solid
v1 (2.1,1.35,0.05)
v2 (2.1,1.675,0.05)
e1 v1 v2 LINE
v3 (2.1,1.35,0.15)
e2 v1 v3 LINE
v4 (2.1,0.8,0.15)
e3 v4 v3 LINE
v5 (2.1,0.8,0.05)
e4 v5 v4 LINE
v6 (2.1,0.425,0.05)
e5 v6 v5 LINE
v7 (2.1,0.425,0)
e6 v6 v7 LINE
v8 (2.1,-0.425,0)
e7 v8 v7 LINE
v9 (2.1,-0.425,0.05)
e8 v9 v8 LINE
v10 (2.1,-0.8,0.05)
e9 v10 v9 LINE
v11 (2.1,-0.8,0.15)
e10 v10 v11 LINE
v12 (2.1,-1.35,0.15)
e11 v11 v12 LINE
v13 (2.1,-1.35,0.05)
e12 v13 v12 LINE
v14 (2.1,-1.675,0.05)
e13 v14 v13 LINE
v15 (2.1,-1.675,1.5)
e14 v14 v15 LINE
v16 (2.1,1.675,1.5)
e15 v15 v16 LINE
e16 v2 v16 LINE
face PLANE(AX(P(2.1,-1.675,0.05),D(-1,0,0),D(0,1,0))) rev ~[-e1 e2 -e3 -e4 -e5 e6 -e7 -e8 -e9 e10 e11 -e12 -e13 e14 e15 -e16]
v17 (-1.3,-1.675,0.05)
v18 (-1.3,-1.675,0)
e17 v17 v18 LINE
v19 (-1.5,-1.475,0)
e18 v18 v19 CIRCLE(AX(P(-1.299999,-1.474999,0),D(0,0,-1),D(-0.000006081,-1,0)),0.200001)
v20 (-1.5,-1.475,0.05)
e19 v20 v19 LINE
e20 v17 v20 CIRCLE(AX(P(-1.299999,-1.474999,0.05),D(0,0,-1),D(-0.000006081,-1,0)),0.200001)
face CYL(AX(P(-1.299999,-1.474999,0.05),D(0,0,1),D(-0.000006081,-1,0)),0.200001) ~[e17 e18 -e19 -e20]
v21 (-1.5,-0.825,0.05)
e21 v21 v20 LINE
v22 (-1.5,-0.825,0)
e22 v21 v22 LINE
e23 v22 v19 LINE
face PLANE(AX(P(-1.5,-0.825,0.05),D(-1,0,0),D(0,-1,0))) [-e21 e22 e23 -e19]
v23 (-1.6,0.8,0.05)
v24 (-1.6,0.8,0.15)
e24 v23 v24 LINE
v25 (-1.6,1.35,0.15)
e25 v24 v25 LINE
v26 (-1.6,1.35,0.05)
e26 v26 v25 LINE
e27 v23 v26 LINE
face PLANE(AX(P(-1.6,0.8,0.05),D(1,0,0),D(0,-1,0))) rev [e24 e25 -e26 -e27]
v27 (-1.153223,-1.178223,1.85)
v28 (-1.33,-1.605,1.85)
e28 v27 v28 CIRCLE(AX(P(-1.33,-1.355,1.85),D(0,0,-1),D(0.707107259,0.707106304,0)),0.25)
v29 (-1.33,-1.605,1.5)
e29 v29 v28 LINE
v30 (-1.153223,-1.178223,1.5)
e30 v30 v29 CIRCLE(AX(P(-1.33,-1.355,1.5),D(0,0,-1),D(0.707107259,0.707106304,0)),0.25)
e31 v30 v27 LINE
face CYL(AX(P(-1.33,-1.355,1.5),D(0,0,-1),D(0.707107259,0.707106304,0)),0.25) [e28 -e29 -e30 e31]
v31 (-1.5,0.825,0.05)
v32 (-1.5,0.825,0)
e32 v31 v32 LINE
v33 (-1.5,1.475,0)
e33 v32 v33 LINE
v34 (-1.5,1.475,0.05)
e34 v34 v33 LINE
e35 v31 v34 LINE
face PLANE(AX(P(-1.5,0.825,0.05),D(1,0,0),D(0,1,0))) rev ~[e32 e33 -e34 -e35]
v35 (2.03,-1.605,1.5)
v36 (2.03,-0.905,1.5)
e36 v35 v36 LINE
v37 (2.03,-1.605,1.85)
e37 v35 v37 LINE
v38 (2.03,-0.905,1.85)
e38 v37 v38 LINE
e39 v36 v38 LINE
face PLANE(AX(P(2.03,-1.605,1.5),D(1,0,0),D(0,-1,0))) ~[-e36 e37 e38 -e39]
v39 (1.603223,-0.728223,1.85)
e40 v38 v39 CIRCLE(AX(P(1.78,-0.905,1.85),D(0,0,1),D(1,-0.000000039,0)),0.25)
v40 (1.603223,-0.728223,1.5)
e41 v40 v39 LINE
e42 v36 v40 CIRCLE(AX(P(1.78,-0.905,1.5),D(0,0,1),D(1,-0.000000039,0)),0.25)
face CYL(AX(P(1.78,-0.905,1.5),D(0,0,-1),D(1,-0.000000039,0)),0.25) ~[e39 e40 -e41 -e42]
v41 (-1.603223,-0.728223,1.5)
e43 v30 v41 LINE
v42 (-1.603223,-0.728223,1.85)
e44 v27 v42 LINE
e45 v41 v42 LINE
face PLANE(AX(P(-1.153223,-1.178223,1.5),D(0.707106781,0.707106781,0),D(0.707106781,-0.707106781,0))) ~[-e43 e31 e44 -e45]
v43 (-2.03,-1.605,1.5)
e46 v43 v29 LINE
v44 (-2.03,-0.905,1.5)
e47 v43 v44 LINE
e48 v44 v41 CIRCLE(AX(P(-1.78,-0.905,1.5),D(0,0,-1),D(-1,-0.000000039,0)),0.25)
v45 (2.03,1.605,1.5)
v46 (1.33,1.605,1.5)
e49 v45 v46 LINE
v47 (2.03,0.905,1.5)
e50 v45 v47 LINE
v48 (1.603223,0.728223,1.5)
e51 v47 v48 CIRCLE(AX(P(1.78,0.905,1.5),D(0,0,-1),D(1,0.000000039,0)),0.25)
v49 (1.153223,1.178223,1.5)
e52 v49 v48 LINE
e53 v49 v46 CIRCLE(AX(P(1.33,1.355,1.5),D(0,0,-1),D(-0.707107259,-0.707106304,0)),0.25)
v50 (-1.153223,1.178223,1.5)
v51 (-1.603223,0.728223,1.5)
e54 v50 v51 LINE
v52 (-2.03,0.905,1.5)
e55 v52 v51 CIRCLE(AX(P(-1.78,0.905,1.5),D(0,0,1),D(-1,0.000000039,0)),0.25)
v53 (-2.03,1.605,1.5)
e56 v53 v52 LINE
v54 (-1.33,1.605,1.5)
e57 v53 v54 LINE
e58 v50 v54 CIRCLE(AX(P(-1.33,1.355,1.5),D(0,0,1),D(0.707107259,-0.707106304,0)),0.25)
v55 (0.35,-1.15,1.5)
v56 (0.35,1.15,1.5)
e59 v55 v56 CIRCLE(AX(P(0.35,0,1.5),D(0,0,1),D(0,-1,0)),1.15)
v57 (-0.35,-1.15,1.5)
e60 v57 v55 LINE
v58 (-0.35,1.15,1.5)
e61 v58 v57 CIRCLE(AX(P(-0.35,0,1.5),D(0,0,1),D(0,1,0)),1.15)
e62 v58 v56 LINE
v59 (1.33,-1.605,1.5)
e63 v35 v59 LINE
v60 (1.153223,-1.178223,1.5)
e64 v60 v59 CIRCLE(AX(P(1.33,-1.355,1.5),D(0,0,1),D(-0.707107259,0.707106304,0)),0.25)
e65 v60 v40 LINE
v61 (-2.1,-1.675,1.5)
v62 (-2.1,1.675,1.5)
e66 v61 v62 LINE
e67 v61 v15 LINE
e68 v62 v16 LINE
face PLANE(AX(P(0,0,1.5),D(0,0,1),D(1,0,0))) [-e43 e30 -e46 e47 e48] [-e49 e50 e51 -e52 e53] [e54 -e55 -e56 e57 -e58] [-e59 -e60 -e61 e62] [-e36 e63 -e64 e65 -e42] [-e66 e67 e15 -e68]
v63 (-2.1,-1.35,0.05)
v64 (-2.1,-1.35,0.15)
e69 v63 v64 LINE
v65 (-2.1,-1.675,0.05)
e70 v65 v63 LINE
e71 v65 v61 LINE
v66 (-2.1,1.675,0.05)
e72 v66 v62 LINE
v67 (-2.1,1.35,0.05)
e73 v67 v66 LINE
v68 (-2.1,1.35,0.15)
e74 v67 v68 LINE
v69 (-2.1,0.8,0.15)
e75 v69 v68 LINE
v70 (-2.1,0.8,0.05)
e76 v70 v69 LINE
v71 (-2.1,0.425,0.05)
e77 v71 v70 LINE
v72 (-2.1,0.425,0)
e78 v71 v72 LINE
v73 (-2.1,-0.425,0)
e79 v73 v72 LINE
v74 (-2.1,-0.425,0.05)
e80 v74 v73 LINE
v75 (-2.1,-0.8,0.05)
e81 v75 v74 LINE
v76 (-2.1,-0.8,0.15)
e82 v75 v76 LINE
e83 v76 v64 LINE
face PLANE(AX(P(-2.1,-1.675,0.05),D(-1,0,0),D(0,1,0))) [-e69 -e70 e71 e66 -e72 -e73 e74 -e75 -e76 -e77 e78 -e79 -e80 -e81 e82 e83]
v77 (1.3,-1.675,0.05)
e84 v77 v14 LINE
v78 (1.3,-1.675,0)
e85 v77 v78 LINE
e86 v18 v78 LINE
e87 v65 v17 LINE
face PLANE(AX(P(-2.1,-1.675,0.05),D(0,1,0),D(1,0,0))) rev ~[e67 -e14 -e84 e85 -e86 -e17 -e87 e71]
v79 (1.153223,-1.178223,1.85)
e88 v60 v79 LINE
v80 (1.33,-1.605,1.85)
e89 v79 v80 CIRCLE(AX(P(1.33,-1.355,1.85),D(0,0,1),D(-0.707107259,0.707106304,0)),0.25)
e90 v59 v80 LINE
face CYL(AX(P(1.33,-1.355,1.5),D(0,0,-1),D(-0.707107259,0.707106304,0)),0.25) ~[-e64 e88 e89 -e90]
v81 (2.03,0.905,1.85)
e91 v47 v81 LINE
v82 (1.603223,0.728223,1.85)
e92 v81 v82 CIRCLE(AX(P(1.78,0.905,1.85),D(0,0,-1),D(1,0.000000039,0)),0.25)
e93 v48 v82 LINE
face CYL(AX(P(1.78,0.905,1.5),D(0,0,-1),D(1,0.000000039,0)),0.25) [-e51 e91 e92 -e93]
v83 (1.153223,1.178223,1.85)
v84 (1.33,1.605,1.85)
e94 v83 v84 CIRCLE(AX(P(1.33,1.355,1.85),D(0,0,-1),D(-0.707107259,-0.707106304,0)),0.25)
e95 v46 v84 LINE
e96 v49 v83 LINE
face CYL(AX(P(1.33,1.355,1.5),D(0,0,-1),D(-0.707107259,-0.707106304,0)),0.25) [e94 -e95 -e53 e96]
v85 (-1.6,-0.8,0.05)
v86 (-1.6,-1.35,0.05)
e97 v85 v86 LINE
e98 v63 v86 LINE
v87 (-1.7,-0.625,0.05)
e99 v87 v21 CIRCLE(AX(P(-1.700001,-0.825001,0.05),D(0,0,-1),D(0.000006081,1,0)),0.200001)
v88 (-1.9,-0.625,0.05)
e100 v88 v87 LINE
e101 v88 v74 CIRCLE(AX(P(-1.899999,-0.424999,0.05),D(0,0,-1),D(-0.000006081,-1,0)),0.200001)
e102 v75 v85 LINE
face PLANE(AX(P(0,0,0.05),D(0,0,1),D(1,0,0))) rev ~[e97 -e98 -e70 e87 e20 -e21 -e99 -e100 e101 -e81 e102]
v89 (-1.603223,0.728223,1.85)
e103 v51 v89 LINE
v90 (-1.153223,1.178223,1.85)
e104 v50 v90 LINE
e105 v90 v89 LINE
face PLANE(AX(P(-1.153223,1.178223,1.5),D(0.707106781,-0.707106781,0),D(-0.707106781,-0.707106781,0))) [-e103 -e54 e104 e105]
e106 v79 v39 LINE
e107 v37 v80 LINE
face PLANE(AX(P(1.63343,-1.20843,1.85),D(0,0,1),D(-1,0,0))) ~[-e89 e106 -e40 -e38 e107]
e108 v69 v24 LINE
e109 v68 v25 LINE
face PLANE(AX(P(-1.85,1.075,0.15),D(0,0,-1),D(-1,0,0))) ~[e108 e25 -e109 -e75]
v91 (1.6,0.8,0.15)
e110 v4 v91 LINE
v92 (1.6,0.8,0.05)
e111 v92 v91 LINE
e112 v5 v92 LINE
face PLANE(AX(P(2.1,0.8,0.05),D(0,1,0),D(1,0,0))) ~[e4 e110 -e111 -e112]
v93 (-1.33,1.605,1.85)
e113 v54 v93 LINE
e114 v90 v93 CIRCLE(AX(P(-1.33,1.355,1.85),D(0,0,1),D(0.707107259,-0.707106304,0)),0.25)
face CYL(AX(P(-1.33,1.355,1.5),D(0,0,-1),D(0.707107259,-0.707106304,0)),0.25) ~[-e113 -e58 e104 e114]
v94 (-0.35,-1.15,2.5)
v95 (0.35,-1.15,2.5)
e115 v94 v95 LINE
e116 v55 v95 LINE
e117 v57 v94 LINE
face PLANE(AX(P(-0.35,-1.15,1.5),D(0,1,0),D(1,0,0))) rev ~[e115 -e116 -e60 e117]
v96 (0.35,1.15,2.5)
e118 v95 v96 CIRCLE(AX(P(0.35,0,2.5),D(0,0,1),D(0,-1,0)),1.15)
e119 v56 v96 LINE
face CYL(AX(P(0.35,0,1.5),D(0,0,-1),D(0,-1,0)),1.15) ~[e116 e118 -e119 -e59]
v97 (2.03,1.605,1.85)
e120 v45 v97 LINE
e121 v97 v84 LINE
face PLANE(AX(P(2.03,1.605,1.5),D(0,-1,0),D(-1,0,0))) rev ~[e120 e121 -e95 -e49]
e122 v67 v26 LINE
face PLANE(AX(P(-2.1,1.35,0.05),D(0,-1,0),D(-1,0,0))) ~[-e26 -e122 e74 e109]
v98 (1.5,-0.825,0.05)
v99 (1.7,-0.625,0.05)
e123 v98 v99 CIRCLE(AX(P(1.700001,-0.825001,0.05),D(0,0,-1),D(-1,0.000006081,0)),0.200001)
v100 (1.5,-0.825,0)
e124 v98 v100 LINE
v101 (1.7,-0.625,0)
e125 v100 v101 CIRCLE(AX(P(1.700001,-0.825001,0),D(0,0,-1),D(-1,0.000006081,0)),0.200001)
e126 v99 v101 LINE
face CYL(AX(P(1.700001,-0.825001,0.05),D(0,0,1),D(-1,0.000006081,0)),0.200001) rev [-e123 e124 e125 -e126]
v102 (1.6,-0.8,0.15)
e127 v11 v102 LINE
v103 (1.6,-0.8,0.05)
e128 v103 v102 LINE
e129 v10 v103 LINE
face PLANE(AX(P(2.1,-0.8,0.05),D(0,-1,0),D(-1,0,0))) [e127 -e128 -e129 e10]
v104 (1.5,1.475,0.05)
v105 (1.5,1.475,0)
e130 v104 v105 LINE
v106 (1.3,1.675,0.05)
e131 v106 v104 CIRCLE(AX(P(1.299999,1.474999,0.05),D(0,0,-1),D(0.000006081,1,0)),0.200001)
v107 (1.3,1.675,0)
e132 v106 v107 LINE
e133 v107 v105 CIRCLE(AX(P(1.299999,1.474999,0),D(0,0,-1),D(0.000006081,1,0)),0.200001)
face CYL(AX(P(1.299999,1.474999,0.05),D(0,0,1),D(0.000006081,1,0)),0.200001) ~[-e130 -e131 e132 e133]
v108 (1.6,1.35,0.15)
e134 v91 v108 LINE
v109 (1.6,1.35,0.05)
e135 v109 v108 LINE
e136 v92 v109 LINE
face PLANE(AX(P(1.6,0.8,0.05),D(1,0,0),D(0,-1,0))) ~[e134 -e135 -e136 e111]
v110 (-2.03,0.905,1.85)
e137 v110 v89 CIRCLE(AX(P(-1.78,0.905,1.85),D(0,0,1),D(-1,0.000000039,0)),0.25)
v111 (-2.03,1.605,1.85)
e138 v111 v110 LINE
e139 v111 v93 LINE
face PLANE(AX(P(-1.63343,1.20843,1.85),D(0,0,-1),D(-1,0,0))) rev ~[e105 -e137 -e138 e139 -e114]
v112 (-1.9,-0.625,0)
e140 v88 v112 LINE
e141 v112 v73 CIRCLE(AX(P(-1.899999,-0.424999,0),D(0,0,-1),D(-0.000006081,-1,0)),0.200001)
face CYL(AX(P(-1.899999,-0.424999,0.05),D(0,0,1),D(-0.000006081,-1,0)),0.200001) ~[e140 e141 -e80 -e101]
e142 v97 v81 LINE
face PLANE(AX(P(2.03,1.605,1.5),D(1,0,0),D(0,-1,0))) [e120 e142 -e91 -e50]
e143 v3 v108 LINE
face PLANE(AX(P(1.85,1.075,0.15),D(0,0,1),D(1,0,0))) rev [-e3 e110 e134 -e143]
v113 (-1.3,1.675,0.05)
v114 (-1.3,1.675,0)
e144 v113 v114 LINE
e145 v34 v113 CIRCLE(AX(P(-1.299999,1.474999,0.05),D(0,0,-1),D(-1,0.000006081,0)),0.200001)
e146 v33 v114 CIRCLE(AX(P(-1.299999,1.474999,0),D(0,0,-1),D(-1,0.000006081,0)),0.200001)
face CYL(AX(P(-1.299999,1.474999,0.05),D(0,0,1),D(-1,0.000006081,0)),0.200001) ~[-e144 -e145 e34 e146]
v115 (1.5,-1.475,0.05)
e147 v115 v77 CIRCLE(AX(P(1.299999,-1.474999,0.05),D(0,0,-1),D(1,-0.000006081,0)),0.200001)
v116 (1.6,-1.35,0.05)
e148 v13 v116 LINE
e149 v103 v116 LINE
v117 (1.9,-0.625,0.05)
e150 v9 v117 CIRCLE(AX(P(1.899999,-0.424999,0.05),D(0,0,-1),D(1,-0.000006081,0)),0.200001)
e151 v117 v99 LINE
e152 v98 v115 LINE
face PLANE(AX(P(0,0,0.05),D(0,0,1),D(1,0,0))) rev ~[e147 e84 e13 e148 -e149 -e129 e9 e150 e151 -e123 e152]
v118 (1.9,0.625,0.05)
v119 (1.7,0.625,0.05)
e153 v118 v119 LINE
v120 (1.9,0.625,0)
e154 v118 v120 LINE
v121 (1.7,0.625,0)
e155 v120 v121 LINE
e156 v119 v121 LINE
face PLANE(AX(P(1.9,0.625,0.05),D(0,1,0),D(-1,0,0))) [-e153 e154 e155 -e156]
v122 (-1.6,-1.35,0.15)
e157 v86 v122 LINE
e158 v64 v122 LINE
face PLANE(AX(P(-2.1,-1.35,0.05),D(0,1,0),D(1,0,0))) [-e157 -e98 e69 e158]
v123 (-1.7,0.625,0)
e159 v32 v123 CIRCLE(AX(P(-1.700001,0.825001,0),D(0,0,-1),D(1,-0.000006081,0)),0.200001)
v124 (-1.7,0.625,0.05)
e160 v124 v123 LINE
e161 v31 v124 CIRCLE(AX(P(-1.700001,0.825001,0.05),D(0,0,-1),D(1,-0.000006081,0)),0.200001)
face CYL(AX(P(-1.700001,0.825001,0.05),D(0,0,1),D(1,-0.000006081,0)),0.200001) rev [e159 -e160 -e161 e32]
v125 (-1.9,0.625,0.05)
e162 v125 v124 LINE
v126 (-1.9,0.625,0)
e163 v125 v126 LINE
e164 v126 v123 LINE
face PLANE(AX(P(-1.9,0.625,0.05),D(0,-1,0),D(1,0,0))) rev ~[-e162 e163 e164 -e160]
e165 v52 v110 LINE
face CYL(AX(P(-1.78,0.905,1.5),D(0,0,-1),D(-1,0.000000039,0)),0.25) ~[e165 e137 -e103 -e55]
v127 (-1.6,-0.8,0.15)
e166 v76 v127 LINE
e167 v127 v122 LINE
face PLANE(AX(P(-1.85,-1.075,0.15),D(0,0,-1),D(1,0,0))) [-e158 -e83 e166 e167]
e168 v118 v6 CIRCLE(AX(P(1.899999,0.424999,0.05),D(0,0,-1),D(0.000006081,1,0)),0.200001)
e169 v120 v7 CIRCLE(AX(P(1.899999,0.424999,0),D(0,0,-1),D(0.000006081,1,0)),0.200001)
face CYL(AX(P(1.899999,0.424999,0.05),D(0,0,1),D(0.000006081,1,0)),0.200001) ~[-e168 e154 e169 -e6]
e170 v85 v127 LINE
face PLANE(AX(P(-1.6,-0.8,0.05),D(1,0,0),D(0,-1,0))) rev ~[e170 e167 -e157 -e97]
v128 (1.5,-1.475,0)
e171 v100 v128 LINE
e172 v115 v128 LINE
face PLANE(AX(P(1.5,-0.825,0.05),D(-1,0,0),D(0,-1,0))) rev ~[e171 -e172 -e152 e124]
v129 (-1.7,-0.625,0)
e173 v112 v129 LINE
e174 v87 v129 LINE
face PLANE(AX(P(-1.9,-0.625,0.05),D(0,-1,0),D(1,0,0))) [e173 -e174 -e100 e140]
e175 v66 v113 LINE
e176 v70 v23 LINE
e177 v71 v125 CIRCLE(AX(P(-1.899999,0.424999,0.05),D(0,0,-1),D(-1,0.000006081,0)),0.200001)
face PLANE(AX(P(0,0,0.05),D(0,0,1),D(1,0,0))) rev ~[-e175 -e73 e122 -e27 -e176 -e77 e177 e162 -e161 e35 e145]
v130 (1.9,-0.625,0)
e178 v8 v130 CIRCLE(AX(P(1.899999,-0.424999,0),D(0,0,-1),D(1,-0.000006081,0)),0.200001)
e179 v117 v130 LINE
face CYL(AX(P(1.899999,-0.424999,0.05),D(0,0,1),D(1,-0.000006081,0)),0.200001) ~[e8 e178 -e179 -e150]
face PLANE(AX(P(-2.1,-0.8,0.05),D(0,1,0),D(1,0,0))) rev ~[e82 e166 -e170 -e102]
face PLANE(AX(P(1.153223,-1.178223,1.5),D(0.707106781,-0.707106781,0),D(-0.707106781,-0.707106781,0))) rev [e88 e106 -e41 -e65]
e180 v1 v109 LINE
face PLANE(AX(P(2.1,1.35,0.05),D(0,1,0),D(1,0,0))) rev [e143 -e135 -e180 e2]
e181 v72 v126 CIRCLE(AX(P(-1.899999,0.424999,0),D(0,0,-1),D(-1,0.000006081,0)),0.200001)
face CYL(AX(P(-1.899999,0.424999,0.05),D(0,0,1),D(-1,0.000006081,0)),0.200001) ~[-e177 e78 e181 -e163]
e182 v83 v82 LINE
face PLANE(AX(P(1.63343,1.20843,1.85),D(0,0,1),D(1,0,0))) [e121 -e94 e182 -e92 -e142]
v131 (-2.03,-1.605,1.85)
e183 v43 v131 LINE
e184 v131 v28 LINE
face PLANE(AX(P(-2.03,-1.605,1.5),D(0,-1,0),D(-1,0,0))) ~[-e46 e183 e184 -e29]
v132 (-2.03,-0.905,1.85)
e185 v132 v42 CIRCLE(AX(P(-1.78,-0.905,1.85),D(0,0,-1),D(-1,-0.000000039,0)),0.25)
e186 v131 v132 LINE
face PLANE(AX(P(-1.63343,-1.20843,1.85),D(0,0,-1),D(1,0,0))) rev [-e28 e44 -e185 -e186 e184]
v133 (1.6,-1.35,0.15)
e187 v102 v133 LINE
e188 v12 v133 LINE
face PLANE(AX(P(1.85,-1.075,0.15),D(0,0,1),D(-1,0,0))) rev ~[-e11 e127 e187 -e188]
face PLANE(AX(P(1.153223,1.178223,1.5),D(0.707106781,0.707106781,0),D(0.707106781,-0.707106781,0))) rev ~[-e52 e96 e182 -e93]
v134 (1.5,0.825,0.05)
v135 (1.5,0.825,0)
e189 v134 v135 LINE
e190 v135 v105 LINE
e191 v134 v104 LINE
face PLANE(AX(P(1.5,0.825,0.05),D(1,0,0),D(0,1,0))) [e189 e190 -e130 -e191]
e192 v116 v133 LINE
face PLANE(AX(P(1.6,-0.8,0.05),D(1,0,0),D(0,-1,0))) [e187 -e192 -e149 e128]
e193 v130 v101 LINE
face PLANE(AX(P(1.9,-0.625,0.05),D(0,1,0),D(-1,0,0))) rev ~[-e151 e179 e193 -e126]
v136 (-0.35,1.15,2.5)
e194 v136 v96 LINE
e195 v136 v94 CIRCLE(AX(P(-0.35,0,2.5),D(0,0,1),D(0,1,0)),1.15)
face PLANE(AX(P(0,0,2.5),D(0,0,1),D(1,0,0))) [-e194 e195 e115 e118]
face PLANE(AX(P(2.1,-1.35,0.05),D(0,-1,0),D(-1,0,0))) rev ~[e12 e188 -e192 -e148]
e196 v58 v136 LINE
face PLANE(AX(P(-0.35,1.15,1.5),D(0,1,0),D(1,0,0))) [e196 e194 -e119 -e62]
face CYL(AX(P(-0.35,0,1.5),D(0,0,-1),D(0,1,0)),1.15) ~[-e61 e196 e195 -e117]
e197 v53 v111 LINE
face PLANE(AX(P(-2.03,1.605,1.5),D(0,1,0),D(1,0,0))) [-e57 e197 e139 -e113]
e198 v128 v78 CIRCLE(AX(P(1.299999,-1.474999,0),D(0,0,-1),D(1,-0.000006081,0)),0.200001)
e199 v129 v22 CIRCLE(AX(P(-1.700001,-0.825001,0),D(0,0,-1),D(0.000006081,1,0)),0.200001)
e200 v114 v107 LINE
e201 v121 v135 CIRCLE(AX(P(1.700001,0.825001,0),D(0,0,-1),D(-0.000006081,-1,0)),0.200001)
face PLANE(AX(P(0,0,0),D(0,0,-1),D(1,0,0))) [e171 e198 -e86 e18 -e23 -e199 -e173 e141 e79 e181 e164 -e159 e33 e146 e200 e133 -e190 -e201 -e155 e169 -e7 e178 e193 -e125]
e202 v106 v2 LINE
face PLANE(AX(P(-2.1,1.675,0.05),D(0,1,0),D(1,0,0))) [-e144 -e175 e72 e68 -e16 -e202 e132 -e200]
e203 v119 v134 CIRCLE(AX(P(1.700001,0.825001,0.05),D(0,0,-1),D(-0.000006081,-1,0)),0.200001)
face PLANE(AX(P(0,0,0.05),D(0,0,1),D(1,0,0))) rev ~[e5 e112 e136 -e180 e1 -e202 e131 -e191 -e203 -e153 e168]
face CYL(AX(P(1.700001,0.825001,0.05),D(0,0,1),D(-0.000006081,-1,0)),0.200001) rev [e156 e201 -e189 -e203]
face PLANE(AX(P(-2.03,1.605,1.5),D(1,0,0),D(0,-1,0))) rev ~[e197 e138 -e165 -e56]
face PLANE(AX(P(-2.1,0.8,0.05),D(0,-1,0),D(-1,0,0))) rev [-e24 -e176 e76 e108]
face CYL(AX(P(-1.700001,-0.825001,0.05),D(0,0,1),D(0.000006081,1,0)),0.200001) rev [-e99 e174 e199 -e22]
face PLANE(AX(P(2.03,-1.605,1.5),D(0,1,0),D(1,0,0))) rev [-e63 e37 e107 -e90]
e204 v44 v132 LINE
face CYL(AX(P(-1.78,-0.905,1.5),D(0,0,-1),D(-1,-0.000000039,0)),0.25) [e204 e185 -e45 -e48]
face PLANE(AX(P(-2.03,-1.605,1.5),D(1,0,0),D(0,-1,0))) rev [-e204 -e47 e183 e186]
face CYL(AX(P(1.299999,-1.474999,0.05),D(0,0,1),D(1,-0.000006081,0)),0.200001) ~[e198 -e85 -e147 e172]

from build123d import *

# Parameters (mm, degrees)
SKETCH_W                   = 4.2
SKETCH_H                   = 3.35
PAD_DEPTH                  = 1.45
PAD001_DEPTH               = 0.35
PAD001_MIRRORED_2_DEPTH    = 0.35
PAD002_DEPTH               = 1
SKETCH004_W                = 0.5
SKETCH004_H                = 0.55
POCKET_DEPTH               = 0.1
SKETCH004_MIRRORED002_2_W  = 0.5
SKETCH004_MIRRORED002_2_H  = 0.55
POCKET_MIRRORED002_2_DEPTH = 0.1
PAD004_DEPTH               = 0.05


with BuildPart() as part:
    # Sketch → Pad (new body)
    with BuildSketch(Plane.XY):
        Rectangle(SKETCH_W, SKETCH_H)
    extrude(amount=PAD_DEPTH)

    # Sketch001 (on Face6 of Pad) → Pad001 (join)
    with BuildSketch(Plane.XY.offset(1.45)):
        with BuildLine():
            Line((-2.03, 1.605), (-1.33, 1.605))
            ThreePointArc((-1.153223, 1.178223), (-1.09903, 1.450671), (-1.33, 1.605))
            Line((-1.153223, 1.178223), (-1.603223, 0.728223))
            ThreePointArc((-2.03, 0.905), (-1.875671, 0.67403), (-1.603223, 0.728223))
            Line((-2.03, 1.605), (-2.03, 0.905))
        make_face()
    pad001 = extrude(amount=PAD001_DEPTH)

    # Sketch001 Mirrored 2 → Pad001 Mirrored 2 (add)
    with BuildSketch(Plane(origin=(0, 0, 1.45), x_dir=(-1, 0, 0), z_dir=(0, 0, -1))):
        with BuildLine():
            Line((-2.03, 1.605), (-1.33, 1.605))
            ThreePointArc((-1.153223, 1.178223), (-1.09903, 1.450671), (-1.33, 1.605))
            Line((-1.153223, 1.178223), (-1.603223, 0.728223))
            ThreePointArc((-2.03, 0.905), (-1.875671, 0.67403), (-1.603223, 0.728223))
            Line((-2.03, 1.605), (-2.03, 0.905))
        make_face()
    pad001_mirrored_2 = extrude(amount=-PAD001_MIRRORED_2_DEPTH)

    # Mirrored001: Pad001, Pad001 Mirrored 2 across Sketch001 H_Axis
    add(pad001.mirror(Plane(origin=(0, 0, 1.45), x_dir=(0, 0, 1), z_dir=(0, 1, 0))))
    add(pad001_mirrored_2.mirror(Plane(origin=(0, 0, 1.45), x_dir=(0, 0, 1), z_dir=(0, 1, 0))))

    # Sketch002 (on Face5 of MultiTransform) → Pad002 (join)
    with BuildSketch(Plane.XY.offset(1.45)):
        with BuildLine():
            ThreePointArc((-0.35, 1.15), (-1.5, 0), (-0.35, -1.15))
            Line((-0.35, -1.15), (0.35, -1.15))
            ThreePointArc((0.35, -1.15), (1.5, 0), (0.35, 1.15))
            Line((-0.35, 1.15), (0.35, 1.15))
        make_face()
    extrude(amount=PAD002_DEPTH)

    # Sketch004 (on Face4 of Pad002) → Pocket (cut)
    with BuildSketch(Plane(origin=(0, 0, 0), x_dir=(1, 0, 0), z_dir=(0, 0, -1))):
        with Locations((-1.85, 1.075)):
            Rectangle(SKETCH004_W, SKETCH004_H)
    pocket = extrude(amount=-POCKET_DEPTH, mode=Mode.SUBTRACT)

    # Sketch004 Mirrored002 2 → Pocket Mirrored002 2 (cut)
    with BuildSketch(Plane(origin=(0, 0, 0), x_dir=(-1, 0, 0), z_dir=(0, 0, 1))):
        with Locations((-1.85, 1.075)):
            Rectangle(SKETCH004_MIRRORED002_2_W, SKETCH004_MIRRORED002_2_H)
    pocket_mirrored002_2 = extrude(amount=POCKET_MIRRORED002_2_DEPTH, mode=Mode.SUBTRACT)

    # Mirrored003: Pocket, Pocket Mirrored002 2 across Sketch004 H_Axis
    add(pocket.mirror(Plane(origin=(0, 0, 0), x_dir=(0, 0, -1), z_dir=(0, -1, 0))), mode=Mode.SUBTRACT)
    add(pocket_mirrored002_2.mirror(Plane(origin=(0, 0, 0), x_dir=(0, 0, -1), z_dir=(0, -1, 0))), mode=Mode.SUBTRACT)

    # Sketch005 (on Face4 of MultiTransform001) → Pad004 (join)
    with BuildSketch(Plane(origin=(0, 0, 0), x_dir=(1, 0, 0), z_dir=(0, 0, -1))):
        with BuildLine():
            ThreePointArc((-1.9, 0.625), (-2.041421, 0.566421), (-2.1, 0.425))
            Line((-2.1, 0.425), (-2.1, -0.425))
            ThreePointArc((-2.1, -0.425), (-2.041421, -0.566421), (-1.9, -0.625))
            Line((-1.9, -0.625), (-1.7, -0.625))
            ThreePointArc((-1.5, -0.825), (-1.558579, -0.683579), (-1.7, -0.625))
            Line((-1.5, -0.825), (-1.5, -1.475))
            ThreePointArc((-1.5, -1.475), (-1.441421, -1.616421), (-1.3, -1.675))
            Line((-1.3, -1.675), (1.3, -1.675))
            ThreePointArc((1.3, -1.675), (1.441421, -1.616421), (1.5, -1.475))
            Line((1.5, -0.825), (1.5, -1.475))
            ThreePointArc((1.7, -0.625), (1.558579, -0.683579), (1.5, -0.825))
            Line((1.9, -0.625), (1.7, -0.625))
            ThreePointArc((1.9, -0.625), (2.041421, -0.566421), (2.1, -0.425))
            Line((2.1, 0.425), (2.1, -0.425))
            ThreePointArc((2.1, 0.425), (2.041421, 0.566421), (1.9, 0.625))
            Line((1.9, 0.625), (1.7, 0.625))
            ThreePointArc((1.5, 0.825), (1.558579, 0.683579), (1.7, 0.625))
            Line((1.5, 0.825), (1.5, 1.475))
            ThreePointArc((1.5, 1.475), (1.441421, 1.616421), (1.3, 1.675))
            Line((-1.3, 1.675), (1.3, 1.675))
            ThreePointArc((-1.3, 1.675), (-1.441421, 1.616421), (-1.5, 1.475))
            Line((-1.5, 0.825), (-1.5, 1.475))
            ThreePointArc((-1.7, 0.625), (-1.558579, 0.683579), (-1.5, 0.825))
            Line((-1.9, 0.625), (-1.7, 0.625))
        make_face()
    extrude(amount=PAD004_DEPTH)


with BuildPart() as part_1:
    # Body placement: moved
    add(part.part.moved(Location((0, 0, 0.05))))


solid = part_1.part
